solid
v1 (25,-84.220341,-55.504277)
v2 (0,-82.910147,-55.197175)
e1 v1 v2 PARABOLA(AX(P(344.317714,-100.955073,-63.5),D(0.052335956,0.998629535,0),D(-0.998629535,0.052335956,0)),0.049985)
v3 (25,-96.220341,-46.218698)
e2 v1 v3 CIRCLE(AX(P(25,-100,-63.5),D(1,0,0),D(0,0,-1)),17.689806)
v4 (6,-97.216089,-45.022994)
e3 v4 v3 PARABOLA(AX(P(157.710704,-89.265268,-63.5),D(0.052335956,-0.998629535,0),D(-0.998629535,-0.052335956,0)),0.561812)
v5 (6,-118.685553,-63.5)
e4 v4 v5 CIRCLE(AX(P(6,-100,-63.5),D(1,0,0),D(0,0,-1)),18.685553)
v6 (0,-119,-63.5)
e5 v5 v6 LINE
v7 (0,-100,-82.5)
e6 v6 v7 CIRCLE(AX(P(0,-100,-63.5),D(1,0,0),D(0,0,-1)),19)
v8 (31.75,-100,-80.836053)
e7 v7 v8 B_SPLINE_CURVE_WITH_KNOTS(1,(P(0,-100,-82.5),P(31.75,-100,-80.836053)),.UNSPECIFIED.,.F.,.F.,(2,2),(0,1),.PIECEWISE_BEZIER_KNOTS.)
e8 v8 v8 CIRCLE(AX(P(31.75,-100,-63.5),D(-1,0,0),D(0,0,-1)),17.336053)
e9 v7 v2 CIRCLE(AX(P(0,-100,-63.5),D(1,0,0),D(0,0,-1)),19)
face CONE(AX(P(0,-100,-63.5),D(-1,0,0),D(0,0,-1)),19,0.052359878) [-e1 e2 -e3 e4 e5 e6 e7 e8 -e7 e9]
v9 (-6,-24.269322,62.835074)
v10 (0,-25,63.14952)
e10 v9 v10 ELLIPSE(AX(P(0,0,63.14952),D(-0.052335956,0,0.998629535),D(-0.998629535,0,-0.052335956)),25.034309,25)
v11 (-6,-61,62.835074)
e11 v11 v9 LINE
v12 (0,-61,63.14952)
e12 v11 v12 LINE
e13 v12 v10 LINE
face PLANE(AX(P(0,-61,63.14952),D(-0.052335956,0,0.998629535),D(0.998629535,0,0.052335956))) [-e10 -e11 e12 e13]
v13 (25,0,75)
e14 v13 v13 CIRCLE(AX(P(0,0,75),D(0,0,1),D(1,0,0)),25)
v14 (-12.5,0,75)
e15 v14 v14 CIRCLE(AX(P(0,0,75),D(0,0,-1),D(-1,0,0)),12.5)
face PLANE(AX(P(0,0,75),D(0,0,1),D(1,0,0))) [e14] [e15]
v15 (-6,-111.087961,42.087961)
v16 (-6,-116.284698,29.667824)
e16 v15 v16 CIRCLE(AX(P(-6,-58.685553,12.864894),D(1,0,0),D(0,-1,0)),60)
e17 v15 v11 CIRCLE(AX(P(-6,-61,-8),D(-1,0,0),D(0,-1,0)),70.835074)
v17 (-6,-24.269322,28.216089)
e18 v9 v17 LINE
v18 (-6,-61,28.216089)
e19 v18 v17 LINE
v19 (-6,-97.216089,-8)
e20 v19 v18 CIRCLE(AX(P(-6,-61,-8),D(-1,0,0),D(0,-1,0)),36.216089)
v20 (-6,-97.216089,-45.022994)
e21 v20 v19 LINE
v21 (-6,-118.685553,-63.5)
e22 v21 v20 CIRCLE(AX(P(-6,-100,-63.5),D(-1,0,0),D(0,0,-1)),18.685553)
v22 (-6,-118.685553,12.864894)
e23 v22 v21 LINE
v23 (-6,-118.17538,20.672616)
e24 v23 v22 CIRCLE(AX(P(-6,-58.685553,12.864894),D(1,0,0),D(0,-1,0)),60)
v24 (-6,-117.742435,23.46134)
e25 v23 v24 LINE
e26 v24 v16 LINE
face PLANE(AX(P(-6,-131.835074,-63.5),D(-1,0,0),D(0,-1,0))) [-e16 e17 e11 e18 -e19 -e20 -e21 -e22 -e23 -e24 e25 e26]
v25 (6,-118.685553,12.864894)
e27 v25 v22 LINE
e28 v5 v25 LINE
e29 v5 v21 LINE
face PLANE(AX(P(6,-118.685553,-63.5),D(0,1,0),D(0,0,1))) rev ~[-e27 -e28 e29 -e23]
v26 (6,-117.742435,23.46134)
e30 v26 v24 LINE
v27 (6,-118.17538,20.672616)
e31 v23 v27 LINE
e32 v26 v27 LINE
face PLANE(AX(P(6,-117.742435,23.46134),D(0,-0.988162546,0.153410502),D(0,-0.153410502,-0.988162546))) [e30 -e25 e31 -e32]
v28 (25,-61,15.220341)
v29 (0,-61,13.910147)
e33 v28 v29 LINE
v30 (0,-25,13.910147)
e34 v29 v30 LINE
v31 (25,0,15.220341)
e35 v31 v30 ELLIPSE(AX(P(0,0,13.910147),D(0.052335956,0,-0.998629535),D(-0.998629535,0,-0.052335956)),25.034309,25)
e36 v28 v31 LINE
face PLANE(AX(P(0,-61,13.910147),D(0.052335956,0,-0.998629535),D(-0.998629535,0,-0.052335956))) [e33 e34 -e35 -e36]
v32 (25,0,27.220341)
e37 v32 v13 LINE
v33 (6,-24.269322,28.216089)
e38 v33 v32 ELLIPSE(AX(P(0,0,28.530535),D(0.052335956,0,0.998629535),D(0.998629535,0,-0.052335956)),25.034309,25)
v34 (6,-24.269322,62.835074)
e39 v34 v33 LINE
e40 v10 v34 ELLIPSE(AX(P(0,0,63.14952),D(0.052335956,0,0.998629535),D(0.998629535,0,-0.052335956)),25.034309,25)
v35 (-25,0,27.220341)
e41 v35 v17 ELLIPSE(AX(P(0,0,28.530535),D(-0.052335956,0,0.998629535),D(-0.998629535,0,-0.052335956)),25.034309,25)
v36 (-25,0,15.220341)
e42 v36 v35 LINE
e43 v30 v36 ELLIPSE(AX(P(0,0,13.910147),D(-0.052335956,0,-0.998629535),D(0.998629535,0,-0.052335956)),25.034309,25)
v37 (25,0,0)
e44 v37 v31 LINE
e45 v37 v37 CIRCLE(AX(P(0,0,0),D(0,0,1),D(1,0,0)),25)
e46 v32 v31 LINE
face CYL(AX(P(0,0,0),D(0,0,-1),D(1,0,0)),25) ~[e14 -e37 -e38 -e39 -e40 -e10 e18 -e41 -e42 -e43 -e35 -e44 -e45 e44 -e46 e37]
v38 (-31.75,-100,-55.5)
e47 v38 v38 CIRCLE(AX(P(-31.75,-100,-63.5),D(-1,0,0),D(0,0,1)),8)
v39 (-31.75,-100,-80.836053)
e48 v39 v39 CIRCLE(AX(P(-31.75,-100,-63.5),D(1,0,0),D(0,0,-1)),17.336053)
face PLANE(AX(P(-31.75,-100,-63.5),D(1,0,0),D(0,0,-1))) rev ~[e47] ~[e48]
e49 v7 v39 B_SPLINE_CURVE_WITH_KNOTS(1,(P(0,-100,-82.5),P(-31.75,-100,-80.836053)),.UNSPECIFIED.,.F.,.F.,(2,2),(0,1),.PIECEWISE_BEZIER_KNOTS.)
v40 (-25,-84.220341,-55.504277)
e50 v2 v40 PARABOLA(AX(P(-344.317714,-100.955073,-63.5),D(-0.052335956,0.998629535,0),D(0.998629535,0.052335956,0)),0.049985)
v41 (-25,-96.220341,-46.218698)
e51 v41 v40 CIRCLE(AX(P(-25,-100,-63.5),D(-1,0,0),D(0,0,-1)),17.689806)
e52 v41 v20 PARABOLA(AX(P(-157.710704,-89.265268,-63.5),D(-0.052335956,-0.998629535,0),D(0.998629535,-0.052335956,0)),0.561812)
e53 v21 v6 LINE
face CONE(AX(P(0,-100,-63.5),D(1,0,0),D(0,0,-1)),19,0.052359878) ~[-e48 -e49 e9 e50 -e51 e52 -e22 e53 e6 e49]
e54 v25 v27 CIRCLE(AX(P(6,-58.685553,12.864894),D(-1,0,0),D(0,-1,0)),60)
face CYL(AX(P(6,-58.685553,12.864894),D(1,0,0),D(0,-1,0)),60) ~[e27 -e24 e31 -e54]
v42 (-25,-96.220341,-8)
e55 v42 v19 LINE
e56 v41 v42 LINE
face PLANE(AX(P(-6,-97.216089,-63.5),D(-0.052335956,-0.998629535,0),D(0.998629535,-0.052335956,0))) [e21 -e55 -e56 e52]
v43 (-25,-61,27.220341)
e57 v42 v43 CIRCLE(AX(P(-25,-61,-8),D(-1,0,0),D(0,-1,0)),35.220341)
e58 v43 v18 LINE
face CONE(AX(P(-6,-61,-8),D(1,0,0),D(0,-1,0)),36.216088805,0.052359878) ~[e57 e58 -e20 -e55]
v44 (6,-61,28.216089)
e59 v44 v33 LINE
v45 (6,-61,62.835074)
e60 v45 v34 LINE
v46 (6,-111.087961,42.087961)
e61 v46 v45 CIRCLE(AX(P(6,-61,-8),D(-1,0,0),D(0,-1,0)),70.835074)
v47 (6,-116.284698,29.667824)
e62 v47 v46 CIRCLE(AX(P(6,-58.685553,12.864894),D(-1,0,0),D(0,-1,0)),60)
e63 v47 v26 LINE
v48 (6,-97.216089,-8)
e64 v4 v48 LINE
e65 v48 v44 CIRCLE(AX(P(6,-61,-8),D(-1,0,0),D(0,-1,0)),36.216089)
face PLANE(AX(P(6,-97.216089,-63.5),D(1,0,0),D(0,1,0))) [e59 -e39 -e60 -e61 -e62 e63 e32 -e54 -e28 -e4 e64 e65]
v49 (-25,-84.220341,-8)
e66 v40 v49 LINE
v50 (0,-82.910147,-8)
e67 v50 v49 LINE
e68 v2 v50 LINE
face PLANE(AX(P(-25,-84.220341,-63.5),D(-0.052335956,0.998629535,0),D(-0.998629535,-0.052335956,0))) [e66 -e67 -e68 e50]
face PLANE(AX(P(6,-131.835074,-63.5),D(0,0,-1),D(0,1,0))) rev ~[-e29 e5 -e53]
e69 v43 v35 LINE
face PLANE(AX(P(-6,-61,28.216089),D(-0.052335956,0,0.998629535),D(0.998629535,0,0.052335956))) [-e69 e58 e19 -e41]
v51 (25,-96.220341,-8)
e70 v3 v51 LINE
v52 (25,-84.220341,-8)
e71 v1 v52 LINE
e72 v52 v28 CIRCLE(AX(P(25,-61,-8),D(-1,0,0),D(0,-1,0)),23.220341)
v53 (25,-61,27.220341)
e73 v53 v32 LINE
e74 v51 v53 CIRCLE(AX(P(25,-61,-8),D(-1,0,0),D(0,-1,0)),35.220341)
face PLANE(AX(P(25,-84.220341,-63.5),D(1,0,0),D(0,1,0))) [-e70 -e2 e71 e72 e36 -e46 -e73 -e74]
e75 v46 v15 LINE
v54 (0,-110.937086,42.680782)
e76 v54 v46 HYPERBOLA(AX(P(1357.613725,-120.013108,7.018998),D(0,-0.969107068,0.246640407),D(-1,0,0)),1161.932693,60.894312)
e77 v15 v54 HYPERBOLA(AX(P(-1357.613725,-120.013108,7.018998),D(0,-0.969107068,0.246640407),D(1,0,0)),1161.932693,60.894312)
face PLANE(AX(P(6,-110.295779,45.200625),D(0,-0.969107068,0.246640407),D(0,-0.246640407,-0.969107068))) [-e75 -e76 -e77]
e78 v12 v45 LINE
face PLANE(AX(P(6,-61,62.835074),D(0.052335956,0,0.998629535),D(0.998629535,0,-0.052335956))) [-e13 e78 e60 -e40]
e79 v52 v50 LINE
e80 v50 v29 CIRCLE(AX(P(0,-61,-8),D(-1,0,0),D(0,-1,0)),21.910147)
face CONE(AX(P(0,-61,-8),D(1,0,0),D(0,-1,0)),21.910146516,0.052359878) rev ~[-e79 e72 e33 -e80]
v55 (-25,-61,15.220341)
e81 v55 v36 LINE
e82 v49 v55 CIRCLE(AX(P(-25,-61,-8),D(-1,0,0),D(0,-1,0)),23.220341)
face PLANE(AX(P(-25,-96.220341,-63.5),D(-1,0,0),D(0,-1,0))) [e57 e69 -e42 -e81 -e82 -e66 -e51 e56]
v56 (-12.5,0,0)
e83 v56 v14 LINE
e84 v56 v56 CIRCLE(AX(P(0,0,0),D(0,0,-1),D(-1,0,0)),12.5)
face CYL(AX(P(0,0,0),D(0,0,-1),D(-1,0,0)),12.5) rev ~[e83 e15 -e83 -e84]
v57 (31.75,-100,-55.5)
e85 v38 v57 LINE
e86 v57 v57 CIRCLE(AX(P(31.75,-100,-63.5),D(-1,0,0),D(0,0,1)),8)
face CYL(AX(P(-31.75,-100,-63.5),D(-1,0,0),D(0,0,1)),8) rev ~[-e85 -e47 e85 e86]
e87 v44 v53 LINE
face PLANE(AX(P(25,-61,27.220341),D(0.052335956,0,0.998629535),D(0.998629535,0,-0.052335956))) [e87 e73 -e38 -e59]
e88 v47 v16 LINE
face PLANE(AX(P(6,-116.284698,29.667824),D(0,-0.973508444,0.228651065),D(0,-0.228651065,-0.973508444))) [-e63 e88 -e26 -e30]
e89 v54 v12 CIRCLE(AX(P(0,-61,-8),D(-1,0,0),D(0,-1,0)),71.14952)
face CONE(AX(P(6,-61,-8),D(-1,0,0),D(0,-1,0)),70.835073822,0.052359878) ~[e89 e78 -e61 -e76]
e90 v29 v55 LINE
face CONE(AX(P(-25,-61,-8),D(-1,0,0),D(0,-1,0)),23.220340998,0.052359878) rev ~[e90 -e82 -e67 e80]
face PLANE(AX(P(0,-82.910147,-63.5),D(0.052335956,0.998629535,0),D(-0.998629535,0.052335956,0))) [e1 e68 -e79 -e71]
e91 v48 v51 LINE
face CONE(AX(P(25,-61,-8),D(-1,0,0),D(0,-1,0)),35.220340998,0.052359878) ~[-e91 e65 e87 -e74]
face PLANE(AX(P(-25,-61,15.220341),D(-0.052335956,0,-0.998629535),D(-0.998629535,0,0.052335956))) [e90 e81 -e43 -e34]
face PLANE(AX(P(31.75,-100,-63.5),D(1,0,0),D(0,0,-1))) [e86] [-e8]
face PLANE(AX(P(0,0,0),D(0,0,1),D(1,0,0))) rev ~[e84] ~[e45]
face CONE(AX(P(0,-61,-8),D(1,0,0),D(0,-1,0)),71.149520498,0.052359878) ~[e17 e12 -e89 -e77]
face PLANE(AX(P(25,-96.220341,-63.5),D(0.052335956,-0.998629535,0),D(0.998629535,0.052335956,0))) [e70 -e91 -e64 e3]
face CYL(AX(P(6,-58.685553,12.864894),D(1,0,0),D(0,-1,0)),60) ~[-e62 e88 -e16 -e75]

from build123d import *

# Parameters (mm, degrees)
SKETCH1_R                     = 25
BOSS_EXTRUDE1_DEPTH           = 75
SKETCH2_R                     = 19
BOSS_EXTRUDE2_DEPTH           = 31.75
BOSS_EXTRUDE2_TAPER           = 3
BOSS_EXTRUDE2_OTHER_WAY_DEPTH = 31.75
BOSS_EXTRUDE2_OTHER_WAY_TAPER = 3
CUT_EXTRUDE2_DEPTH            = 161.296002109
CUT_EXTRUDE3_DEPTH            = 161.296002109
SKETCH14_R                    = 12.5
CUT_EXTRUDE4_DEPTH            = 149.240724994
SKETCH16_R                    = 8
CUT_EXTRUDE5_DEPTH            = 159.112302029


with BuildPart() as part:
    # Sketch1 → Boss-Extrude1 (new body)
    with BuildSketch(Plane.XY):
        Circle(SKETCH1_R)
    extrude(amount=BOSS_EXTRUDE1_DEPTH)



with BuildPart() as body_2:
    # Sketch2 → Boss-Extrude2 (new body)
    with BuildSketch(Plane(origin=(0, 0, 0), x_dir=(0, 0, -1), z_dir=(1, 0, 0))):
        with Locations((63.5, -100)):
            Circle(SKETCH2_R)
    extrude(amount=BOSS_EXTRUDE2_DEPTH, taper=BOSS_EXTRUDE2_TAPER)

    # Sketch2 → Boss-Extrude2 other way (add)
    with BuildSketch(Plane(origin=(0, 0, 0), x_dir=(0, 0, -1), z_dir=(1, 0, 0))):
        with Locations((63.5, -100)):
            Circle(SKETCH2_R)
    extrude(amount=-BOSS_EXTRUDE2_OTHER_WAY_DEPTH, taper=BOSS_EXTRUDE2_OTHER_WAY_TAPER)


with BuildPart() as part_1:
    add(part.part)

    add(body_2.part)  # Sweep2 merges body 2
    # Sweep2: sweep along a path in Sketch5
    with BuildLine(Plane(origin=(0, 0, 0), x_dir=(0, 0, -1), z_dir=(1, 0, 0))) as sweep2_path:
        Line((63.5, -81), (8, -81))
        ThreePointArc((8, -81), (-6.142135624, -75.142135624), (-12, -61))
        Line((-12, -61), (-12, 0))
    # Sketch6 → Sweep2 (sweep)
    with BuildSketch(Plane(origin=(0, 0, 0), x_dir=(1, 0, 0), z_dir=(0, 1, 0))):
        Polygon((0, -63.149520499), (-6, -62.835073823), (-6, -28.216088806), (-25, -27.220340999), (-25, -15.220340999), (0, -13.910146517), (25, -15.220340999), (25, -27.220340999), (6, -28.216088806), (6, -62.835073823), align=None)
    sweep(path=sweep2_path.line)

    # Sketch11 → Cut-Extrude2 (cut, through all)
    with BuildSketch(Plane(origin=(6, 0, 0), x_dir=(0, 0, -1), z_dir=(1, 0, 0))):
        with BuildLine():
            Line((63.5, -118.685553324), (-12.864893702, -118.685553324))
            ThreePointArc((-12.864893702, -118.685553324), (-27.962170554, -116.755099832), (-42.087961046, -111.087961046))
            ThreePointArc((-42.087961046, -111.087961046), (-19.107409182, -126.443074889), (8, -131.835073823))
            Line((8, -131.835073823), (63.5, -131.835073823))
            Line((63.5, -131.835073823), (63.5, -118.685553324))
        make_face()
    extrude(amount=-CUT_EXTRUDE2_DEPTH, mode=Mode.SUBTRACT)

    # Sketch13 → Cut-Extrude3 (cut, through all)
    with BuildSketch(Plane(origin=(6, 0, 0), x_dir=(0, 0, -1), z_dir=(1, 0, 0))):
        with BuildLine():
            Line((-45.200625265, -110.295779466), (-42.087961046, -111.087961046))
            ThreePointArc((-42.087961046, -111.087961046), (-36.02411738, -114.035804983), (-29.667824287, -116.28469849))
            Line((-29.667824287, -116.28469849), (-23.461340117, -117.742435424))
            Line((-23.461340117, -117.742435424), (44.847812883, -128.347311627))
            Line((44.847812883, -128.347311627), (71.018240587, -129.970040241))
            Line((71.018240587, -129.970040241), (72.328139591, -135.750206771))
            Line((72.328139591, -135.750206771), (-4.743995253, -135.750206771))
            Line((-4.743995253, -135.750206771), (-39.71664546, -116.755099832))
            Line((-39.71664546, -116.755099832), (-45.200625265, -110.295779466))
        make_face()
    extrude(amount=-CUT_EXTRUDE3_DEPTH, mode=Mode.SUBTRACT)

    # Sketch14 → Cut-Extrude4 (cut, through all)
    with BuildSketch(Plane(origin=(0, 0, 0), x_dir=(-1, 0, 0), z_dir=(0, 0, -1))):
        Circle(SKETCH14_R)
    extrude(amount=-CUT_EXTRUDE4_DEPTH, mode=Mode.SUBTRACT)

    # Sketch16 → Cut-Extrude5 (cut, through all)
    with BuildSketch(Plane.ZY.offset(31.75)):
        with Locations((-63.5, -100)):
            Circle(SKETCH16_R)
    extrude(amount=-CUT_EXTRUDE5_DEPTH, mode=Mode.SUBTRACT)


solid = part_1.part
